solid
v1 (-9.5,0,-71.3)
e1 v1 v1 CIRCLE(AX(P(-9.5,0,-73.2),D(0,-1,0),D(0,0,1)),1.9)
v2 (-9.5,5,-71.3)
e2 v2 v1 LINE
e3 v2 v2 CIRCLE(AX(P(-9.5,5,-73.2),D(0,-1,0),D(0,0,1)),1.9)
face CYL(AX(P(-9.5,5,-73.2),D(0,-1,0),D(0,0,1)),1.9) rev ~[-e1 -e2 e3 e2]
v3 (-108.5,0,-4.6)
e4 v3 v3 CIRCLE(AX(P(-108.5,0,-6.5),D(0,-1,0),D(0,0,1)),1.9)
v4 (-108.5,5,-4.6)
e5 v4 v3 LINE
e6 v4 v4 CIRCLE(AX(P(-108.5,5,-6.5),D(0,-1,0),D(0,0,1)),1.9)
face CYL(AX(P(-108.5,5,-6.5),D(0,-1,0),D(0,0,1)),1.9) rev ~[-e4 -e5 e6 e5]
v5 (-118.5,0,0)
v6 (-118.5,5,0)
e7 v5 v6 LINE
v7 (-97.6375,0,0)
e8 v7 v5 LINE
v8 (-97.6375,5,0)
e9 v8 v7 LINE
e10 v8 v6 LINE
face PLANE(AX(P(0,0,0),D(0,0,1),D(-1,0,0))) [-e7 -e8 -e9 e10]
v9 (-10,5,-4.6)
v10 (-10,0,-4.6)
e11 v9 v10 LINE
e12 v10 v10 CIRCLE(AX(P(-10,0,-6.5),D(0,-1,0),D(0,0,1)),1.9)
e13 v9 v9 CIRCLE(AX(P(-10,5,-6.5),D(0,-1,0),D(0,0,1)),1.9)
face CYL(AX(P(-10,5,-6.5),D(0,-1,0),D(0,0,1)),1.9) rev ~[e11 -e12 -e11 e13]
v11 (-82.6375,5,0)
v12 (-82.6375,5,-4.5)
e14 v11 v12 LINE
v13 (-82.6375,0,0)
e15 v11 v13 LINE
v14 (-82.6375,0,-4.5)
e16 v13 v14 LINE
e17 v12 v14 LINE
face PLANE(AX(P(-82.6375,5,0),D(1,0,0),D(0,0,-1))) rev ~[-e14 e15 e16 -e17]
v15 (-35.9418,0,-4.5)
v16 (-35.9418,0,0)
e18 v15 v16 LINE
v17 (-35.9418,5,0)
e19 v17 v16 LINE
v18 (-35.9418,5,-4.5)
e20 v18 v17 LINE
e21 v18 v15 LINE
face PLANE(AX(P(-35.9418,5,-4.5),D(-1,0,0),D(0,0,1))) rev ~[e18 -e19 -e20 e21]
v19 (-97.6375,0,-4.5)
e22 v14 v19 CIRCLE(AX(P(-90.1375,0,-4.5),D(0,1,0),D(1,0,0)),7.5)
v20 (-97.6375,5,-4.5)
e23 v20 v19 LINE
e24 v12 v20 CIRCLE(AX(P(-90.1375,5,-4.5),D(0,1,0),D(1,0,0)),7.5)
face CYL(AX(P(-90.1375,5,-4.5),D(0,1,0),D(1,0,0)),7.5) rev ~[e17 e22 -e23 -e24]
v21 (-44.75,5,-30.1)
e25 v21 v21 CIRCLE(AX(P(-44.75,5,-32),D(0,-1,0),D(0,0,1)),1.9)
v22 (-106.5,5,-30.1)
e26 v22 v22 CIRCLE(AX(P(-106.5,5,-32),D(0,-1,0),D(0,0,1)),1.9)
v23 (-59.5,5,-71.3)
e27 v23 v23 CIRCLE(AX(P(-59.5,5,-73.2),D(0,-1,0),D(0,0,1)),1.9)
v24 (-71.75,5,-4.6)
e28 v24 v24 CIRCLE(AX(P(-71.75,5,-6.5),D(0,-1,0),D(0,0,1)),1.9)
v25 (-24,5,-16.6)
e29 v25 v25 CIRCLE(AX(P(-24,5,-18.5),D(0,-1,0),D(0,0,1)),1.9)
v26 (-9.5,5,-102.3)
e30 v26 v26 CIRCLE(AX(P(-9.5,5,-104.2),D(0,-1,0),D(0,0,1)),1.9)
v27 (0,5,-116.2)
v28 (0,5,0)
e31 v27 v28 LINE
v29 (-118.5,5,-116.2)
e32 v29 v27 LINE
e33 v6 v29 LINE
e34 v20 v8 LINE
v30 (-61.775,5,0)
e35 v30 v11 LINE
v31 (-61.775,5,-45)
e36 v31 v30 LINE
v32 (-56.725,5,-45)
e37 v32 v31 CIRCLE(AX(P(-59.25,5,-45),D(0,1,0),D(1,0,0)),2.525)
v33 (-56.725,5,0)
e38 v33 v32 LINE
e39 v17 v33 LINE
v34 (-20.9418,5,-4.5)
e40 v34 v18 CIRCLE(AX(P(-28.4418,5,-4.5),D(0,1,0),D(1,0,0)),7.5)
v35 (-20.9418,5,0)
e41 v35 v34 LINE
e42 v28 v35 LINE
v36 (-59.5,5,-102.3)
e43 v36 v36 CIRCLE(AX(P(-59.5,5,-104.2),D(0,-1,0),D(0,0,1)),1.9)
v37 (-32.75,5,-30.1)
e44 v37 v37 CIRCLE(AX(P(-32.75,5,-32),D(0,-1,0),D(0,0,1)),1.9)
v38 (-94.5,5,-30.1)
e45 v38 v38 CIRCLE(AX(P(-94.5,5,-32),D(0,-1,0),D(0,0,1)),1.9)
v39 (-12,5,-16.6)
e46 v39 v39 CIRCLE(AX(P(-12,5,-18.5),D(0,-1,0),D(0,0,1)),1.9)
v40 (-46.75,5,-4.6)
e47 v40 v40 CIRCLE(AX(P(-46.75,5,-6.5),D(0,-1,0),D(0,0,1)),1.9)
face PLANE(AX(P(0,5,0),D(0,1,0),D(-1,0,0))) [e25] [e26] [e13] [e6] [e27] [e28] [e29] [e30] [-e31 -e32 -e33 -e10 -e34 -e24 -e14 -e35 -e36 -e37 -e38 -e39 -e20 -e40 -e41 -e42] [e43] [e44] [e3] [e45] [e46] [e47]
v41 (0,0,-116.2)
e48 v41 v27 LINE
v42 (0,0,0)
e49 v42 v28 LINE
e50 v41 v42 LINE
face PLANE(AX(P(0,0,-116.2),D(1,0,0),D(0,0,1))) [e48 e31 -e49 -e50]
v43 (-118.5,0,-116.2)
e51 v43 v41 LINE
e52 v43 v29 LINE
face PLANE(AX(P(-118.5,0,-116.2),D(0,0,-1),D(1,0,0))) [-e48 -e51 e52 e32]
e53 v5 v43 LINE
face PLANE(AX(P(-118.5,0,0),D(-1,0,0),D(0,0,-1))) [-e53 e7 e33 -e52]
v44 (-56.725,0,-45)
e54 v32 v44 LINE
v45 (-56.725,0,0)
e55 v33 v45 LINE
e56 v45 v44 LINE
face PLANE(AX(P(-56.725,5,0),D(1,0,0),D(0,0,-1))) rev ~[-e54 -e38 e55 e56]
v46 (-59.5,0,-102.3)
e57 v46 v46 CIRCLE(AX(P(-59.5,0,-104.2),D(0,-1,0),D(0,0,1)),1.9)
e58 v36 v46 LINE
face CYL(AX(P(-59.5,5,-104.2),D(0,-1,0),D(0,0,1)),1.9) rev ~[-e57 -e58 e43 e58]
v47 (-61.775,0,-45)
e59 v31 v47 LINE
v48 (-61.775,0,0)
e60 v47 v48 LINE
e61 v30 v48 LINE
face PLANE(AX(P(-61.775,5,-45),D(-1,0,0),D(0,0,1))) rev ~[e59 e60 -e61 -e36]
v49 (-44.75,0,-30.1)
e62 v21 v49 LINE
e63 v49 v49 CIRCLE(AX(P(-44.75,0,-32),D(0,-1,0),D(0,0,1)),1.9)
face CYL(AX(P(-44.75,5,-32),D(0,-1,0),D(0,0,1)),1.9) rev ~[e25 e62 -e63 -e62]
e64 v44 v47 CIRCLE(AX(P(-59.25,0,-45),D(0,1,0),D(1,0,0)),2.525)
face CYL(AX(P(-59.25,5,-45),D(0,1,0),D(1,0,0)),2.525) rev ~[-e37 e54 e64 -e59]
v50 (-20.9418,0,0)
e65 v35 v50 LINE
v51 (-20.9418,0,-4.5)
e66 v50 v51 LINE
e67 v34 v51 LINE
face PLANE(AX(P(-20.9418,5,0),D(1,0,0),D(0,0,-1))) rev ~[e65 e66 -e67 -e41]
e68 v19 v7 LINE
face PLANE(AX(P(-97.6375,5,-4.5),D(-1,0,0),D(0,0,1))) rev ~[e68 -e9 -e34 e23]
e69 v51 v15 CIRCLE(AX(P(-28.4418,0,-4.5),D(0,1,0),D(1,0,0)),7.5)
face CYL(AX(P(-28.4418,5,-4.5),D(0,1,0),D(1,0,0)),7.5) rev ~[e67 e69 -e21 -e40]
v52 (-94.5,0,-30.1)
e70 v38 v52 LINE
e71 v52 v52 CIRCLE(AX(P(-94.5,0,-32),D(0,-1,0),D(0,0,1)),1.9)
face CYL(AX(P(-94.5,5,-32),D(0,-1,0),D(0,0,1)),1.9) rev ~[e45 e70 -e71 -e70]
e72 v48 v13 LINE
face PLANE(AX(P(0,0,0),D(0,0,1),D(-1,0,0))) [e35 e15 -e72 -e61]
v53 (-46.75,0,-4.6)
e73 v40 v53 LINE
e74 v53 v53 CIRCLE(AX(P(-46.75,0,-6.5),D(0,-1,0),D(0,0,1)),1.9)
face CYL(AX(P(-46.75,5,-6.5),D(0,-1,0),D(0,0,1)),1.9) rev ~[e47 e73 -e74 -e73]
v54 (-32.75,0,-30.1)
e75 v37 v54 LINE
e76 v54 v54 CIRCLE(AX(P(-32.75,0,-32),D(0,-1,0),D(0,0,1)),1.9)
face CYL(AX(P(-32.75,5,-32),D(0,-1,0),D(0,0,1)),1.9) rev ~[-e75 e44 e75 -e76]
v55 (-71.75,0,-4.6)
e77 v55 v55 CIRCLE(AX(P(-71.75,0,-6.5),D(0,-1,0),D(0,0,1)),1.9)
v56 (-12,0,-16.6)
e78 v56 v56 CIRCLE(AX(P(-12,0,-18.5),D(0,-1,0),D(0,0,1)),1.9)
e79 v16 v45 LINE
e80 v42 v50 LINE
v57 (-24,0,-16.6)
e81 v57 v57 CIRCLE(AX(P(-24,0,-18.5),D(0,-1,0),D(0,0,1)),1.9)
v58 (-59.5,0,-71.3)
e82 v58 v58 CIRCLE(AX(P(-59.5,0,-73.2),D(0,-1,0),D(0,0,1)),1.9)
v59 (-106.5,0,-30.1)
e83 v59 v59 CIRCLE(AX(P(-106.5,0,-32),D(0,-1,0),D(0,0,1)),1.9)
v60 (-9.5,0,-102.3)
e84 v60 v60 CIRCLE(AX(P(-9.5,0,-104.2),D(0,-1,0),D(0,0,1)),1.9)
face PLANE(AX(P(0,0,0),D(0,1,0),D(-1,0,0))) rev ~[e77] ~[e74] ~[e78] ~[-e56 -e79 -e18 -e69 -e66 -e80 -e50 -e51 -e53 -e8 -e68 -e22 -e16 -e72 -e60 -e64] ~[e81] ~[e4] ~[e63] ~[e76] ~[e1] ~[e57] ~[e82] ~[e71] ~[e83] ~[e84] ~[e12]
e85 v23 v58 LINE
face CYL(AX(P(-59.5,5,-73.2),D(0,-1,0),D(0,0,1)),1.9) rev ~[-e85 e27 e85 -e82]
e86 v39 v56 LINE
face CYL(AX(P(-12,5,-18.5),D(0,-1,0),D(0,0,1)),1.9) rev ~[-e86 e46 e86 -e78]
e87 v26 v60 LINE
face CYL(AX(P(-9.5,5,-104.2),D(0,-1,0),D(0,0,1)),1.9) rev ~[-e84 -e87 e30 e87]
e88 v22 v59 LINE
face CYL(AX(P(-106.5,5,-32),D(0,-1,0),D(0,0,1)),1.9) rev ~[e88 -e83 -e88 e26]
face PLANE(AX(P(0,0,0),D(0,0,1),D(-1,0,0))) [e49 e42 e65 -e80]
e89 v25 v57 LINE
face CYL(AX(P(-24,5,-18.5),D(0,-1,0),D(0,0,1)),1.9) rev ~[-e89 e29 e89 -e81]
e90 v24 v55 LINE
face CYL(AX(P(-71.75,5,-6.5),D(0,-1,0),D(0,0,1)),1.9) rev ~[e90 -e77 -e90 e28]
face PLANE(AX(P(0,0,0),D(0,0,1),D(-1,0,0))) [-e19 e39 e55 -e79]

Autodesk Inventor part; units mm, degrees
ref_plane "YZ Plane" through (0, 0, 0) normal (1, 0, 0) x (0, 1, 0)
ref_plane "XZ Plane" through (0, 0, 0) normal (0, 1, 0) x (-1, 0, 0)
ref_plane "XY Plane" through (0, 0, 0) normal (0, 0, 1) x (1, 0, 0)
sketch "Sketch1" plane through (0, 0, 0) normal (0, 1, 0) x (-1, 0, 0)
  line L0 (0, 0) -> (118.5, 0)
  line L1 (118.5, 0) -> (118.5, -116.2)
  line L2 (118.5, -116.2) -> (0, -116.2)
  line L3 (0, -116.2) -> (0, 0)
  dimension "d0" = 118.5
  dimension "d1" = 116.2
extrude "Extrusion1" add sketch "Sketch1" along normal blind 5
sketch "Sketch2" plane through (0, 5, 0) normal (0, 1, 0) x (1, 0, 0)
  line L0 (-59.5, 73.2) -> (-9.5, 73.2)
  line L1 (-9.5, 73.2) -> (-9.5, 104.2)
  line L2 (-9.5, 104.2) -> (-59.5, 104.2)
  line L3 (-59.5, 104.2) -> (-59.5, 73.2)
  line L4 (0, 116.2) -> (-118.5, 116.2) projected
  line L5 (-118.5, 116.2) -> (-118.5, 0) projected
  point P0 (0, 0)
  dimension "d4" = 12
  dimension "d5" = 31
  dimension "d6" = 50
  dimension "d7" = 59
hole "Hole1" at (-59.5, 5, -73.2) at (-9.5, 5, -73.2) at (-59.5, 5, -104.2) at (-9.5, 5, -104.2) direction (0, -1, 0) diameter 3.8 end through all
sketch "Sketch3" plane through (0, 5, 0) normal (0, 1, 0) x (1, 0, 0)
  line L0 (-59.25, -19.9196) -> (-59.25, 121.041) construction
  line L1 (-118.5, 0) -> (0, 0) projected
  line L2 (-61.775, 0) -> (-56.725, 0)
  line L3 (-56.725, 0) -> (-56.725, 45)
  line L4 (-61.775, 45) -> (-61.775, 0)
  arc A0 (-56.725, 45) -> (-61.775, 45) centre (-59.25, 45) ccw
  point P0 (-59.25, 0)
  dimension "d18" = 5.05
  dimension "d19" = 45
extrude "Extrusion2" cut sketch "Sketch3" against normal blind 10
sketch "Sketch4" plane through (0, 5, 0) normal (0, 1, 0) x (1, 0, 0)
  line L0 (-148.0192, 32) -> (31.7399, 32) construction
  line L1 (-56.725, 0) -> (0, 0) construction
  line L2 (-118.5, 116.2) -> (-118.5, 0) construction
  line L3 (-59.25, 61.4977) -> (-59.25, -14.0332) construction
  line L4 (-61.775, 45) -> (-61.775, 0) construction
  arc A0 (-56.725, 45) -> (-61.775, 45) centre (-59.25, 45) ccw construction
  line L5 (-27.032, 18.5) -> (18.1948, 18.5) construction
  line L6 (0, 0) -> (0, 116.2) construction
  point P0 (-106.5, 32)
  point P1 (-94.5, 32)
  point P2 (-44.75, 32)
  point P3 (-32.75, 32)
  point P4 (-59.25, 47.525)
  point P5 (-12, 18.5)
  point P6 (-24, 18.5)
  dimension "d22" = 32
  dimension "d23" = 12
  dimension "d24" = 12
  dimension "d25" = 12
  dimension "d26" = 14.5
  dimension "d27" = 18.5
  dimension "d28" = 12
  dimension "d29" = 12
hole "Hole2" at (-106.5, 5, -32) at (-94.5, 5, -32) at (-44.75, 5, -32) at (-32.75, 5, -32) at (-12, 5, -18.5) at (-24, 5, -18.5) direction (0, -1, 0) diameter 3.8 end through all
sketch "Sketch5" plane through (0, 5, 0) normal (0, 1, 0) x (1, 0, 0)
  line L0 (-134.8767, 6.5) -> (26.057, 6.5) construction
  line L1 (-56.725, 0) -> (0, 0) construction
  line L2 (0, 0) -> (0, 116.2) construction
  line L3 (-118.5, 116.2) -> (-118.5, 0) construction
  line L4 (-59.25, 58.1) -> (-59.25, -13.4303) construction
  arc A0 (-56.725, 45) -> (-61.775, 45) centre (-59.25, 45) ccw construction
  point P0 (-108.5, 6.5)
  point P1 (-71.75, 6.5)
  point P2 (-46.75, 6.5)
  point P3 (-10, 6.5)
  point P4 (-59.25, 47.525)
  dimension "d37" = 6.5
  dimension "d38" = 10
  dimension "d39" = 10
  dimension "d40" = 12.5
  dimension "d41" = 12.5
hole "Hole3" at (-108.5, 5, -6.5) at (-71.75, 5, -6.5) at (-46.75, 5, -6.5) at (-10, 5, -6.5) direction (0, -1, 0) diameter 3.8 end through all
sketch "Sketch6" plane through (0, 5, 0) normal (0, 1, 0) x (1, 0, 0)
  line L0 (-90.1375, 21.1453) -> (-90.1375, -29.1073) construction
  line L1 (-28.4418, 11.0948) -> (-28.4418, -20.2874) construction
  line L2 (-90.1375, -5.5) -> (-90.1375, 4.5) construction
  line L3 (-82.6375, -5.5) -> (-82.6375, 4.5)
  line L4 (-97.6375, 4.5) -> (-97.6375, -5.5)
  arc A0 (-97.6375, -5.5) -> (-82.6375, -5.5) centre (-90.1375, -5.5) ccw
  arc A1 (-82.6375, 4.5) -> (-97.6375, 4.5) centre (-90.1375, 4.5) ccw
  line L5 (-28.4418, -5.5) -> (-28.4418, 4.5) construction
  line L6 (-20.9418, -5.5) -> (-20.9418, 4.5)
  line L7 (-35.9418, 4.5) -> (-35.9418, -5.5)
  arc A2 (-35.9418, -5.5) -> (-20.9418, -5.5) centre (-28.4418, -5.5) ccw
  arc A3 (-20.9418, 4.5) -> (-35.9418, 4.5) centre (-28.4418, 4.5) ccw
  line L8 (-56.725, 0) -> (0, 0) projected
  line L9 (-118.5, 0) -> (-61.775, 0) projected
  line L10 (-118.5, 0) -> (-61.775, 0) projected
  line L11 (-97.6375, 0) -> (-82.6375, 0)
  line L12 (-35.9418, 0) -> (-20.9418, 0)
  point P0 (-90.1375, -0.5)
  point P1 (-28.4418, -0.5)
  point P2 (-97.6375, 0)
  point P3 (-82.6375, 0)
  dimension "d49" = 15
  dimension "d50" = 15
  dimension "d51" = 4.5
  dimension "d52" = 4.5
  dimension "d53" = 10
  dimension "d54" = 10
extrude "Extrusion3" cut sketch "Sketch6" against normal through all contours L9 L4 A1 L3 | L8 L7 A3 L6
properties part number "Battery Base Plate"
